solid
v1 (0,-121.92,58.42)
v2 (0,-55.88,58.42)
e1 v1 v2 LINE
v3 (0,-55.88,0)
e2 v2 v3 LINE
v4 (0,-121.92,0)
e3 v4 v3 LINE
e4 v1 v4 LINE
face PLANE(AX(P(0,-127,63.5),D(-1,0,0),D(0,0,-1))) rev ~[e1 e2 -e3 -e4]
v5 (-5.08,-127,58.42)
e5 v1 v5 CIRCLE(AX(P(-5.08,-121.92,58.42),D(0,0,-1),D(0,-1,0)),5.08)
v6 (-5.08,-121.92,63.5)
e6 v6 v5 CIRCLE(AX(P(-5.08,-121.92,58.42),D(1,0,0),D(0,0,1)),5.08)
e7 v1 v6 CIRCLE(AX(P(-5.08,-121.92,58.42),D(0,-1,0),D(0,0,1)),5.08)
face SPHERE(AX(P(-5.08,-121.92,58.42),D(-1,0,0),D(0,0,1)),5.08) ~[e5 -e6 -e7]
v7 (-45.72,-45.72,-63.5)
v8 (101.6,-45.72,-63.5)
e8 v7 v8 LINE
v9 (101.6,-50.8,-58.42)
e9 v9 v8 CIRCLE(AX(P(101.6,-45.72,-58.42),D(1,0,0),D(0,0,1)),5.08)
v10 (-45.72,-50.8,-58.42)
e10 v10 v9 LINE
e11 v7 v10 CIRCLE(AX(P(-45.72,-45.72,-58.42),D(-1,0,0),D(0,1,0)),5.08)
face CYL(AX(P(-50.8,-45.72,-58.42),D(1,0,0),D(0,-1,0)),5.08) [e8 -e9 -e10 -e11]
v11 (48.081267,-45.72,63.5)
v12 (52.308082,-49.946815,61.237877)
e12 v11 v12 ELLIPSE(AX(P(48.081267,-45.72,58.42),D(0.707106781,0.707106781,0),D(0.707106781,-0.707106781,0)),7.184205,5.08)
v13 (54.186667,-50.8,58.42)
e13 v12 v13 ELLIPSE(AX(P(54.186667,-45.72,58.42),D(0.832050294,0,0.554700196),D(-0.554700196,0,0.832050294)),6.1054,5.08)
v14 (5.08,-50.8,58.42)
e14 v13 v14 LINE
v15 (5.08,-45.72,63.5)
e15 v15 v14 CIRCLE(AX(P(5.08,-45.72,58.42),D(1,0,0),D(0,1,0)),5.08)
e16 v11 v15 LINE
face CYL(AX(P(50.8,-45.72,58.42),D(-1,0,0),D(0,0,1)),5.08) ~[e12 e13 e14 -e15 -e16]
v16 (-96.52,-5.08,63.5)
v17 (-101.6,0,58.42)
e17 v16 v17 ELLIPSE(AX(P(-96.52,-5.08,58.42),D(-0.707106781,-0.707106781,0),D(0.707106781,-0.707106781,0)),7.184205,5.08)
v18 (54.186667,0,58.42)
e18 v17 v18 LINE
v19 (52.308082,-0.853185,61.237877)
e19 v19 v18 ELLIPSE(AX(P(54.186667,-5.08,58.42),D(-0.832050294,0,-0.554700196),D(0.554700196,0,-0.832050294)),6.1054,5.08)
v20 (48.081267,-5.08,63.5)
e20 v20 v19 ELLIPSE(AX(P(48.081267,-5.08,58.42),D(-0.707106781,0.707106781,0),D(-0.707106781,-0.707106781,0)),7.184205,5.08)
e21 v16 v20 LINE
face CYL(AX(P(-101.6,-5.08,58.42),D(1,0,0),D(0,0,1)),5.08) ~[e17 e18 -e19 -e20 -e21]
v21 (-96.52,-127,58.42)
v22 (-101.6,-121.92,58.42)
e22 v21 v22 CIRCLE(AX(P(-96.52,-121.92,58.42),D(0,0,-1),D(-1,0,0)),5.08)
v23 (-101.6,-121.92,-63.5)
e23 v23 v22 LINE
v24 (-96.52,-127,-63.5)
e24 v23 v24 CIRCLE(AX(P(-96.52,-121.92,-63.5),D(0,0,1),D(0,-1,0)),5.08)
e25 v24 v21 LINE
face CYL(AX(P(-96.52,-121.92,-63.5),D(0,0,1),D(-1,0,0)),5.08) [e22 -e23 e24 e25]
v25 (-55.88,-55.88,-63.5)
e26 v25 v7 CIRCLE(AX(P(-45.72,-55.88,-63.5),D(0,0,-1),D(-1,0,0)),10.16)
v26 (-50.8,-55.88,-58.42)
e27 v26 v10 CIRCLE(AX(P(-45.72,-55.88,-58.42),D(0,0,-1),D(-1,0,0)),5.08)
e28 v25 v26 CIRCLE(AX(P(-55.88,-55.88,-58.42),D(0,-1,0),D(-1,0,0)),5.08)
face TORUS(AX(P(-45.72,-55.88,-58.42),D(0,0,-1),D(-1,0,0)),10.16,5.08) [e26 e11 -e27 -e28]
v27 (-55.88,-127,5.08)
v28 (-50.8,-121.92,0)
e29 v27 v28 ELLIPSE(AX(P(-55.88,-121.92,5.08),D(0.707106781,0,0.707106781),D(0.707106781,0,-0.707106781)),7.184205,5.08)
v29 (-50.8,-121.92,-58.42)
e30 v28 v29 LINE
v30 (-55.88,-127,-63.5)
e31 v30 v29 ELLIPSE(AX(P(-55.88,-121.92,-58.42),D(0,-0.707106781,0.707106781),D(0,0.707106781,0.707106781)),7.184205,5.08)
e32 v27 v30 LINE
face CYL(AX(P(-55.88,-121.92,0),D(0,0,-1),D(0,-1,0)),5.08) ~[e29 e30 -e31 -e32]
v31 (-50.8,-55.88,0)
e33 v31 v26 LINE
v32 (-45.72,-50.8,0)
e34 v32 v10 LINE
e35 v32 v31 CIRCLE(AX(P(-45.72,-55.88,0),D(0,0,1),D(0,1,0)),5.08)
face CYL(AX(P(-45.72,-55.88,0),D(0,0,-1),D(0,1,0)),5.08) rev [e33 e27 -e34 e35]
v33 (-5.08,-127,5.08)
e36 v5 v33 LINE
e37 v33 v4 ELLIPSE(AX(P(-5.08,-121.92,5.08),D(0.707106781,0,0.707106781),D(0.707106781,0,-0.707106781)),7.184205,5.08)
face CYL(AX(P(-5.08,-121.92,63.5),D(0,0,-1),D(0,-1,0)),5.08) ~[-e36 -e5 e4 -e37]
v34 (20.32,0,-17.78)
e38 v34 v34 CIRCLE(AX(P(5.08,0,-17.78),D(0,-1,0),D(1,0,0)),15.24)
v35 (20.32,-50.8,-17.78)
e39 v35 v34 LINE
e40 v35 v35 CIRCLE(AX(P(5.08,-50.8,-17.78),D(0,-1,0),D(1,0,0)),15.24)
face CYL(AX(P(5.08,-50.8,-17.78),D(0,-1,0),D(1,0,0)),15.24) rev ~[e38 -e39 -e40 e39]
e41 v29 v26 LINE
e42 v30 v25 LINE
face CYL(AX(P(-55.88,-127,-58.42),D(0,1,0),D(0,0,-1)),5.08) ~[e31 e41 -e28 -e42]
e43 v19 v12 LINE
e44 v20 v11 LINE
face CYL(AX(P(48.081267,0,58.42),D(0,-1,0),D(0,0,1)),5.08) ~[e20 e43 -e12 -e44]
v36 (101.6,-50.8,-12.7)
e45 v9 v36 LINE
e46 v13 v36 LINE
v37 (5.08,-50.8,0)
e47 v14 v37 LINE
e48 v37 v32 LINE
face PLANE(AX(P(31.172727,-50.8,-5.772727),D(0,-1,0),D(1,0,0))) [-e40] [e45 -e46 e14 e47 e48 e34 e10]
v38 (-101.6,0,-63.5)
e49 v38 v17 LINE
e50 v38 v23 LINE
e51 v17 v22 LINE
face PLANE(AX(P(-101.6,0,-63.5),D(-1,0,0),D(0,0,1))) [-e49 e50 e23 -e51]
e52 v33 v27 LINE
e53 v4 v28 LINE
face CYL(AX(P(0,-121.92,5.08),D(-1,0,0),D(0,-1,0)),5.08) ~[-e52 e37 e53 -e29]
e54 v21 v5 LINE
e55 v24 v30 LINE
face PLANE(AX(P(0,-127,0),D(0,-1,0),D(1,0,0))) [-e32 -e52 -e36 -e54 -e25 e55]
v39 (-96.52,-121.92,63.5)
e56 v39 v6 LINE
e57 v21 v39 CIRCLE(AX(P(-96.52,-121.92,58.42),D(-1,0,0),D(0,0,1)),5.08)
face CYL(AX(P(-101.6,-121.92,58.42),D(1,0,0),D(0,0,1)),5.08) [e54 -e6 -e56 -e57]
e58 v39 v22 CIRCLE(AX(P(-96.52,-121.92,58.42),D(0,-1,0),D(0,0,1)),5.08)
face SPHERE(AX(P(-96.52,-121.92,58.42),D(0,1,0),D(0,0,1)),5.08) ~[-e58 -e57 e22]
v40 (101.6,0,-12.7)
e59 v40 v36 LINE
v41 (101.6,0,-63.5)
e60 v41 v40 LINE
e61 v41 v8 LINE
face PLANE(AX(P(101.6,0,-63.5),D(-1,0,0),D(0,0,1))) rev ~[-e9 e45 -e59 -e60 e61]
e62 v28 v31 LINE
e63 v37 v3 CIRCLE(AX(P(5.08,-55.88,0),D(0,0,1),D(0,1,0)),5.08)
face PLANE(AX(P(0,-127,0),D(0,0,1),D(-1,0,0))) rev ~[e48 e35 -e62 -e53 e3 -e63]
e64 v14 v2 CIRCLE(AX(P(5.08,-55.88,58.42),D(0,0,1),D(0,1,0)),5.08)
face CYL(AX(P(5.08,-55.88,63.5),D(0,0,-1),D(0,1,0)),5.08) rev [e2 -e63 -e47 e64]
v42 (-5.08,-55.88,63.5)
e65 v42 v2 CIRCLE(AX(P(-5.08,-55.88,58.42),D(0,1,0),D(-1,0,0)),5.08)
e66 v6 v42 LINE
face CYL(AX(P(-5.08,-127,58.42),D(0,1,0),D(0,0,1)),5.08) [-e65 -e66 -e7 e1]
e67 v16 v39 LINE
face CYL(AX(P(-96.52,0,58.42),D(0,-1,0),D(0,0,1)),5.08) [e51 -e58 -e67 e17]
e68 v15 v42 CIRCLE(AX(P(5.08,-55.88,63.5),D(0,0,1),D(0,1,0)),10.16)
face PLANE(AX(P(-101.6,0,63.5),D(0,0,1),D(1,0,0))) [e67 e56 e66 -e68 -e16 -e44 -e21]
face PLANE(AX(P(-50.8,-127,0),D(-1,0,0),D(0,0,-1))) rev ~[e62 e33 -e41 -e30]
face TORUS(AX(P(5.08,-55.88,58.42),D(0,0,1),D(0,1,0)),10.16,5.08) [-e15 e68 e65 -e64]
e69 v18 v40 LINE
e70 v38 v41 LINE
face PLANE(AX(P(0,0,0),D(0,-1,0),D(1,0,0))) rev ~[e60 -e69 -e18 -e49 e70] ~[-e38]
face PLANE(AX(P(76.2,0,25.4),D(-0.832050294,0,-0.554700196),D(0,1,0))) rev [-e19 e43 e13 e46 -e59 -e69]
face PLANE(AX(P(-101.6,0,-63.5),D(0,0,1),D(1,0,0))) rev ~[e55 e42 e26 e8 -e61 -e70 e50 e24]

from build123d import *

# Parameters (mm, degrees)
F0_W     = 203.2
F0_H     = 127
F1_DEPTH = 127
F3_DEPTH = 76.2
F4_SIZE2 = 76.2
F4_SIZE  = 50.8
F5_R     = 5.08
F6_R     = 15.24
F7_DEPTH = 50.8


with BuildPart() as f1:
    # F0 (on Front) → F1 (new body)
    with BuildSketch(Plane.XZ):
        Rectangle(F0_W, F0_H)
    extrude(amount=F1_DEPTH)

    # F2 (on face) → F3 (cut)
    with BuildSketch(Plane.XZ.offset(127)):
        Polygon((101.6, 63.5), (0, 63.5), (0, 0), (-50.8, 0), (-50.8, -63.5), (101.6, -63.5), align=None)
    extrude(amount=-F3_DEPTH, mode=Mode.SUBTRACT)

    # F4
    f4_edges = [f1.edges().sort_by_distance(p)[0] for p in [
        (101.6, -25.4, 63.5),
    ]]
    f4_side = f1.faces().sort_by_distance((-21.771429, -52.614286, 63.5))[0]
    chamfer(f4_edges, length=F4_SIZE, length2=F4_SIZE2, reference=f4_side)

    # F5
    f5_edges = [f1.edges().sort_by_distance(p)[0] for p in [
        (25.4, -50.8, 63.5),
        (-25.4, 0, 63.5),
        (50.8, -25.4, 63.5),
        (-101.6, -63.5, 63.5),
        (-50.8, -127, 63.5),
        (0, -88.9, 63.5),
        (0, -127, 31.75),
        (0, -50.8, 31.75),
        (-50.8, -88.9, -63.5),
        (25.4, -50.8, -63.5),
        (-50.8, -50.8, -31.75),
        (-50.8, -127, -31.75),
        (-25.4, -127, 0),
        (-101.6, -127, 0),
    ]]
    fillet(f5_edges, radius=F5_R)

    # F6 (on face) → F7 (cut, through all)
    with BuildSketch(Plane.XZ.offset(50.8)):
        with Locations((5.08, -17.78)):
            Circle(F6_R)
    extrude(amount=-F7_DEPTH, mode=Mode.SUBTRACT)


solid = f1.part
